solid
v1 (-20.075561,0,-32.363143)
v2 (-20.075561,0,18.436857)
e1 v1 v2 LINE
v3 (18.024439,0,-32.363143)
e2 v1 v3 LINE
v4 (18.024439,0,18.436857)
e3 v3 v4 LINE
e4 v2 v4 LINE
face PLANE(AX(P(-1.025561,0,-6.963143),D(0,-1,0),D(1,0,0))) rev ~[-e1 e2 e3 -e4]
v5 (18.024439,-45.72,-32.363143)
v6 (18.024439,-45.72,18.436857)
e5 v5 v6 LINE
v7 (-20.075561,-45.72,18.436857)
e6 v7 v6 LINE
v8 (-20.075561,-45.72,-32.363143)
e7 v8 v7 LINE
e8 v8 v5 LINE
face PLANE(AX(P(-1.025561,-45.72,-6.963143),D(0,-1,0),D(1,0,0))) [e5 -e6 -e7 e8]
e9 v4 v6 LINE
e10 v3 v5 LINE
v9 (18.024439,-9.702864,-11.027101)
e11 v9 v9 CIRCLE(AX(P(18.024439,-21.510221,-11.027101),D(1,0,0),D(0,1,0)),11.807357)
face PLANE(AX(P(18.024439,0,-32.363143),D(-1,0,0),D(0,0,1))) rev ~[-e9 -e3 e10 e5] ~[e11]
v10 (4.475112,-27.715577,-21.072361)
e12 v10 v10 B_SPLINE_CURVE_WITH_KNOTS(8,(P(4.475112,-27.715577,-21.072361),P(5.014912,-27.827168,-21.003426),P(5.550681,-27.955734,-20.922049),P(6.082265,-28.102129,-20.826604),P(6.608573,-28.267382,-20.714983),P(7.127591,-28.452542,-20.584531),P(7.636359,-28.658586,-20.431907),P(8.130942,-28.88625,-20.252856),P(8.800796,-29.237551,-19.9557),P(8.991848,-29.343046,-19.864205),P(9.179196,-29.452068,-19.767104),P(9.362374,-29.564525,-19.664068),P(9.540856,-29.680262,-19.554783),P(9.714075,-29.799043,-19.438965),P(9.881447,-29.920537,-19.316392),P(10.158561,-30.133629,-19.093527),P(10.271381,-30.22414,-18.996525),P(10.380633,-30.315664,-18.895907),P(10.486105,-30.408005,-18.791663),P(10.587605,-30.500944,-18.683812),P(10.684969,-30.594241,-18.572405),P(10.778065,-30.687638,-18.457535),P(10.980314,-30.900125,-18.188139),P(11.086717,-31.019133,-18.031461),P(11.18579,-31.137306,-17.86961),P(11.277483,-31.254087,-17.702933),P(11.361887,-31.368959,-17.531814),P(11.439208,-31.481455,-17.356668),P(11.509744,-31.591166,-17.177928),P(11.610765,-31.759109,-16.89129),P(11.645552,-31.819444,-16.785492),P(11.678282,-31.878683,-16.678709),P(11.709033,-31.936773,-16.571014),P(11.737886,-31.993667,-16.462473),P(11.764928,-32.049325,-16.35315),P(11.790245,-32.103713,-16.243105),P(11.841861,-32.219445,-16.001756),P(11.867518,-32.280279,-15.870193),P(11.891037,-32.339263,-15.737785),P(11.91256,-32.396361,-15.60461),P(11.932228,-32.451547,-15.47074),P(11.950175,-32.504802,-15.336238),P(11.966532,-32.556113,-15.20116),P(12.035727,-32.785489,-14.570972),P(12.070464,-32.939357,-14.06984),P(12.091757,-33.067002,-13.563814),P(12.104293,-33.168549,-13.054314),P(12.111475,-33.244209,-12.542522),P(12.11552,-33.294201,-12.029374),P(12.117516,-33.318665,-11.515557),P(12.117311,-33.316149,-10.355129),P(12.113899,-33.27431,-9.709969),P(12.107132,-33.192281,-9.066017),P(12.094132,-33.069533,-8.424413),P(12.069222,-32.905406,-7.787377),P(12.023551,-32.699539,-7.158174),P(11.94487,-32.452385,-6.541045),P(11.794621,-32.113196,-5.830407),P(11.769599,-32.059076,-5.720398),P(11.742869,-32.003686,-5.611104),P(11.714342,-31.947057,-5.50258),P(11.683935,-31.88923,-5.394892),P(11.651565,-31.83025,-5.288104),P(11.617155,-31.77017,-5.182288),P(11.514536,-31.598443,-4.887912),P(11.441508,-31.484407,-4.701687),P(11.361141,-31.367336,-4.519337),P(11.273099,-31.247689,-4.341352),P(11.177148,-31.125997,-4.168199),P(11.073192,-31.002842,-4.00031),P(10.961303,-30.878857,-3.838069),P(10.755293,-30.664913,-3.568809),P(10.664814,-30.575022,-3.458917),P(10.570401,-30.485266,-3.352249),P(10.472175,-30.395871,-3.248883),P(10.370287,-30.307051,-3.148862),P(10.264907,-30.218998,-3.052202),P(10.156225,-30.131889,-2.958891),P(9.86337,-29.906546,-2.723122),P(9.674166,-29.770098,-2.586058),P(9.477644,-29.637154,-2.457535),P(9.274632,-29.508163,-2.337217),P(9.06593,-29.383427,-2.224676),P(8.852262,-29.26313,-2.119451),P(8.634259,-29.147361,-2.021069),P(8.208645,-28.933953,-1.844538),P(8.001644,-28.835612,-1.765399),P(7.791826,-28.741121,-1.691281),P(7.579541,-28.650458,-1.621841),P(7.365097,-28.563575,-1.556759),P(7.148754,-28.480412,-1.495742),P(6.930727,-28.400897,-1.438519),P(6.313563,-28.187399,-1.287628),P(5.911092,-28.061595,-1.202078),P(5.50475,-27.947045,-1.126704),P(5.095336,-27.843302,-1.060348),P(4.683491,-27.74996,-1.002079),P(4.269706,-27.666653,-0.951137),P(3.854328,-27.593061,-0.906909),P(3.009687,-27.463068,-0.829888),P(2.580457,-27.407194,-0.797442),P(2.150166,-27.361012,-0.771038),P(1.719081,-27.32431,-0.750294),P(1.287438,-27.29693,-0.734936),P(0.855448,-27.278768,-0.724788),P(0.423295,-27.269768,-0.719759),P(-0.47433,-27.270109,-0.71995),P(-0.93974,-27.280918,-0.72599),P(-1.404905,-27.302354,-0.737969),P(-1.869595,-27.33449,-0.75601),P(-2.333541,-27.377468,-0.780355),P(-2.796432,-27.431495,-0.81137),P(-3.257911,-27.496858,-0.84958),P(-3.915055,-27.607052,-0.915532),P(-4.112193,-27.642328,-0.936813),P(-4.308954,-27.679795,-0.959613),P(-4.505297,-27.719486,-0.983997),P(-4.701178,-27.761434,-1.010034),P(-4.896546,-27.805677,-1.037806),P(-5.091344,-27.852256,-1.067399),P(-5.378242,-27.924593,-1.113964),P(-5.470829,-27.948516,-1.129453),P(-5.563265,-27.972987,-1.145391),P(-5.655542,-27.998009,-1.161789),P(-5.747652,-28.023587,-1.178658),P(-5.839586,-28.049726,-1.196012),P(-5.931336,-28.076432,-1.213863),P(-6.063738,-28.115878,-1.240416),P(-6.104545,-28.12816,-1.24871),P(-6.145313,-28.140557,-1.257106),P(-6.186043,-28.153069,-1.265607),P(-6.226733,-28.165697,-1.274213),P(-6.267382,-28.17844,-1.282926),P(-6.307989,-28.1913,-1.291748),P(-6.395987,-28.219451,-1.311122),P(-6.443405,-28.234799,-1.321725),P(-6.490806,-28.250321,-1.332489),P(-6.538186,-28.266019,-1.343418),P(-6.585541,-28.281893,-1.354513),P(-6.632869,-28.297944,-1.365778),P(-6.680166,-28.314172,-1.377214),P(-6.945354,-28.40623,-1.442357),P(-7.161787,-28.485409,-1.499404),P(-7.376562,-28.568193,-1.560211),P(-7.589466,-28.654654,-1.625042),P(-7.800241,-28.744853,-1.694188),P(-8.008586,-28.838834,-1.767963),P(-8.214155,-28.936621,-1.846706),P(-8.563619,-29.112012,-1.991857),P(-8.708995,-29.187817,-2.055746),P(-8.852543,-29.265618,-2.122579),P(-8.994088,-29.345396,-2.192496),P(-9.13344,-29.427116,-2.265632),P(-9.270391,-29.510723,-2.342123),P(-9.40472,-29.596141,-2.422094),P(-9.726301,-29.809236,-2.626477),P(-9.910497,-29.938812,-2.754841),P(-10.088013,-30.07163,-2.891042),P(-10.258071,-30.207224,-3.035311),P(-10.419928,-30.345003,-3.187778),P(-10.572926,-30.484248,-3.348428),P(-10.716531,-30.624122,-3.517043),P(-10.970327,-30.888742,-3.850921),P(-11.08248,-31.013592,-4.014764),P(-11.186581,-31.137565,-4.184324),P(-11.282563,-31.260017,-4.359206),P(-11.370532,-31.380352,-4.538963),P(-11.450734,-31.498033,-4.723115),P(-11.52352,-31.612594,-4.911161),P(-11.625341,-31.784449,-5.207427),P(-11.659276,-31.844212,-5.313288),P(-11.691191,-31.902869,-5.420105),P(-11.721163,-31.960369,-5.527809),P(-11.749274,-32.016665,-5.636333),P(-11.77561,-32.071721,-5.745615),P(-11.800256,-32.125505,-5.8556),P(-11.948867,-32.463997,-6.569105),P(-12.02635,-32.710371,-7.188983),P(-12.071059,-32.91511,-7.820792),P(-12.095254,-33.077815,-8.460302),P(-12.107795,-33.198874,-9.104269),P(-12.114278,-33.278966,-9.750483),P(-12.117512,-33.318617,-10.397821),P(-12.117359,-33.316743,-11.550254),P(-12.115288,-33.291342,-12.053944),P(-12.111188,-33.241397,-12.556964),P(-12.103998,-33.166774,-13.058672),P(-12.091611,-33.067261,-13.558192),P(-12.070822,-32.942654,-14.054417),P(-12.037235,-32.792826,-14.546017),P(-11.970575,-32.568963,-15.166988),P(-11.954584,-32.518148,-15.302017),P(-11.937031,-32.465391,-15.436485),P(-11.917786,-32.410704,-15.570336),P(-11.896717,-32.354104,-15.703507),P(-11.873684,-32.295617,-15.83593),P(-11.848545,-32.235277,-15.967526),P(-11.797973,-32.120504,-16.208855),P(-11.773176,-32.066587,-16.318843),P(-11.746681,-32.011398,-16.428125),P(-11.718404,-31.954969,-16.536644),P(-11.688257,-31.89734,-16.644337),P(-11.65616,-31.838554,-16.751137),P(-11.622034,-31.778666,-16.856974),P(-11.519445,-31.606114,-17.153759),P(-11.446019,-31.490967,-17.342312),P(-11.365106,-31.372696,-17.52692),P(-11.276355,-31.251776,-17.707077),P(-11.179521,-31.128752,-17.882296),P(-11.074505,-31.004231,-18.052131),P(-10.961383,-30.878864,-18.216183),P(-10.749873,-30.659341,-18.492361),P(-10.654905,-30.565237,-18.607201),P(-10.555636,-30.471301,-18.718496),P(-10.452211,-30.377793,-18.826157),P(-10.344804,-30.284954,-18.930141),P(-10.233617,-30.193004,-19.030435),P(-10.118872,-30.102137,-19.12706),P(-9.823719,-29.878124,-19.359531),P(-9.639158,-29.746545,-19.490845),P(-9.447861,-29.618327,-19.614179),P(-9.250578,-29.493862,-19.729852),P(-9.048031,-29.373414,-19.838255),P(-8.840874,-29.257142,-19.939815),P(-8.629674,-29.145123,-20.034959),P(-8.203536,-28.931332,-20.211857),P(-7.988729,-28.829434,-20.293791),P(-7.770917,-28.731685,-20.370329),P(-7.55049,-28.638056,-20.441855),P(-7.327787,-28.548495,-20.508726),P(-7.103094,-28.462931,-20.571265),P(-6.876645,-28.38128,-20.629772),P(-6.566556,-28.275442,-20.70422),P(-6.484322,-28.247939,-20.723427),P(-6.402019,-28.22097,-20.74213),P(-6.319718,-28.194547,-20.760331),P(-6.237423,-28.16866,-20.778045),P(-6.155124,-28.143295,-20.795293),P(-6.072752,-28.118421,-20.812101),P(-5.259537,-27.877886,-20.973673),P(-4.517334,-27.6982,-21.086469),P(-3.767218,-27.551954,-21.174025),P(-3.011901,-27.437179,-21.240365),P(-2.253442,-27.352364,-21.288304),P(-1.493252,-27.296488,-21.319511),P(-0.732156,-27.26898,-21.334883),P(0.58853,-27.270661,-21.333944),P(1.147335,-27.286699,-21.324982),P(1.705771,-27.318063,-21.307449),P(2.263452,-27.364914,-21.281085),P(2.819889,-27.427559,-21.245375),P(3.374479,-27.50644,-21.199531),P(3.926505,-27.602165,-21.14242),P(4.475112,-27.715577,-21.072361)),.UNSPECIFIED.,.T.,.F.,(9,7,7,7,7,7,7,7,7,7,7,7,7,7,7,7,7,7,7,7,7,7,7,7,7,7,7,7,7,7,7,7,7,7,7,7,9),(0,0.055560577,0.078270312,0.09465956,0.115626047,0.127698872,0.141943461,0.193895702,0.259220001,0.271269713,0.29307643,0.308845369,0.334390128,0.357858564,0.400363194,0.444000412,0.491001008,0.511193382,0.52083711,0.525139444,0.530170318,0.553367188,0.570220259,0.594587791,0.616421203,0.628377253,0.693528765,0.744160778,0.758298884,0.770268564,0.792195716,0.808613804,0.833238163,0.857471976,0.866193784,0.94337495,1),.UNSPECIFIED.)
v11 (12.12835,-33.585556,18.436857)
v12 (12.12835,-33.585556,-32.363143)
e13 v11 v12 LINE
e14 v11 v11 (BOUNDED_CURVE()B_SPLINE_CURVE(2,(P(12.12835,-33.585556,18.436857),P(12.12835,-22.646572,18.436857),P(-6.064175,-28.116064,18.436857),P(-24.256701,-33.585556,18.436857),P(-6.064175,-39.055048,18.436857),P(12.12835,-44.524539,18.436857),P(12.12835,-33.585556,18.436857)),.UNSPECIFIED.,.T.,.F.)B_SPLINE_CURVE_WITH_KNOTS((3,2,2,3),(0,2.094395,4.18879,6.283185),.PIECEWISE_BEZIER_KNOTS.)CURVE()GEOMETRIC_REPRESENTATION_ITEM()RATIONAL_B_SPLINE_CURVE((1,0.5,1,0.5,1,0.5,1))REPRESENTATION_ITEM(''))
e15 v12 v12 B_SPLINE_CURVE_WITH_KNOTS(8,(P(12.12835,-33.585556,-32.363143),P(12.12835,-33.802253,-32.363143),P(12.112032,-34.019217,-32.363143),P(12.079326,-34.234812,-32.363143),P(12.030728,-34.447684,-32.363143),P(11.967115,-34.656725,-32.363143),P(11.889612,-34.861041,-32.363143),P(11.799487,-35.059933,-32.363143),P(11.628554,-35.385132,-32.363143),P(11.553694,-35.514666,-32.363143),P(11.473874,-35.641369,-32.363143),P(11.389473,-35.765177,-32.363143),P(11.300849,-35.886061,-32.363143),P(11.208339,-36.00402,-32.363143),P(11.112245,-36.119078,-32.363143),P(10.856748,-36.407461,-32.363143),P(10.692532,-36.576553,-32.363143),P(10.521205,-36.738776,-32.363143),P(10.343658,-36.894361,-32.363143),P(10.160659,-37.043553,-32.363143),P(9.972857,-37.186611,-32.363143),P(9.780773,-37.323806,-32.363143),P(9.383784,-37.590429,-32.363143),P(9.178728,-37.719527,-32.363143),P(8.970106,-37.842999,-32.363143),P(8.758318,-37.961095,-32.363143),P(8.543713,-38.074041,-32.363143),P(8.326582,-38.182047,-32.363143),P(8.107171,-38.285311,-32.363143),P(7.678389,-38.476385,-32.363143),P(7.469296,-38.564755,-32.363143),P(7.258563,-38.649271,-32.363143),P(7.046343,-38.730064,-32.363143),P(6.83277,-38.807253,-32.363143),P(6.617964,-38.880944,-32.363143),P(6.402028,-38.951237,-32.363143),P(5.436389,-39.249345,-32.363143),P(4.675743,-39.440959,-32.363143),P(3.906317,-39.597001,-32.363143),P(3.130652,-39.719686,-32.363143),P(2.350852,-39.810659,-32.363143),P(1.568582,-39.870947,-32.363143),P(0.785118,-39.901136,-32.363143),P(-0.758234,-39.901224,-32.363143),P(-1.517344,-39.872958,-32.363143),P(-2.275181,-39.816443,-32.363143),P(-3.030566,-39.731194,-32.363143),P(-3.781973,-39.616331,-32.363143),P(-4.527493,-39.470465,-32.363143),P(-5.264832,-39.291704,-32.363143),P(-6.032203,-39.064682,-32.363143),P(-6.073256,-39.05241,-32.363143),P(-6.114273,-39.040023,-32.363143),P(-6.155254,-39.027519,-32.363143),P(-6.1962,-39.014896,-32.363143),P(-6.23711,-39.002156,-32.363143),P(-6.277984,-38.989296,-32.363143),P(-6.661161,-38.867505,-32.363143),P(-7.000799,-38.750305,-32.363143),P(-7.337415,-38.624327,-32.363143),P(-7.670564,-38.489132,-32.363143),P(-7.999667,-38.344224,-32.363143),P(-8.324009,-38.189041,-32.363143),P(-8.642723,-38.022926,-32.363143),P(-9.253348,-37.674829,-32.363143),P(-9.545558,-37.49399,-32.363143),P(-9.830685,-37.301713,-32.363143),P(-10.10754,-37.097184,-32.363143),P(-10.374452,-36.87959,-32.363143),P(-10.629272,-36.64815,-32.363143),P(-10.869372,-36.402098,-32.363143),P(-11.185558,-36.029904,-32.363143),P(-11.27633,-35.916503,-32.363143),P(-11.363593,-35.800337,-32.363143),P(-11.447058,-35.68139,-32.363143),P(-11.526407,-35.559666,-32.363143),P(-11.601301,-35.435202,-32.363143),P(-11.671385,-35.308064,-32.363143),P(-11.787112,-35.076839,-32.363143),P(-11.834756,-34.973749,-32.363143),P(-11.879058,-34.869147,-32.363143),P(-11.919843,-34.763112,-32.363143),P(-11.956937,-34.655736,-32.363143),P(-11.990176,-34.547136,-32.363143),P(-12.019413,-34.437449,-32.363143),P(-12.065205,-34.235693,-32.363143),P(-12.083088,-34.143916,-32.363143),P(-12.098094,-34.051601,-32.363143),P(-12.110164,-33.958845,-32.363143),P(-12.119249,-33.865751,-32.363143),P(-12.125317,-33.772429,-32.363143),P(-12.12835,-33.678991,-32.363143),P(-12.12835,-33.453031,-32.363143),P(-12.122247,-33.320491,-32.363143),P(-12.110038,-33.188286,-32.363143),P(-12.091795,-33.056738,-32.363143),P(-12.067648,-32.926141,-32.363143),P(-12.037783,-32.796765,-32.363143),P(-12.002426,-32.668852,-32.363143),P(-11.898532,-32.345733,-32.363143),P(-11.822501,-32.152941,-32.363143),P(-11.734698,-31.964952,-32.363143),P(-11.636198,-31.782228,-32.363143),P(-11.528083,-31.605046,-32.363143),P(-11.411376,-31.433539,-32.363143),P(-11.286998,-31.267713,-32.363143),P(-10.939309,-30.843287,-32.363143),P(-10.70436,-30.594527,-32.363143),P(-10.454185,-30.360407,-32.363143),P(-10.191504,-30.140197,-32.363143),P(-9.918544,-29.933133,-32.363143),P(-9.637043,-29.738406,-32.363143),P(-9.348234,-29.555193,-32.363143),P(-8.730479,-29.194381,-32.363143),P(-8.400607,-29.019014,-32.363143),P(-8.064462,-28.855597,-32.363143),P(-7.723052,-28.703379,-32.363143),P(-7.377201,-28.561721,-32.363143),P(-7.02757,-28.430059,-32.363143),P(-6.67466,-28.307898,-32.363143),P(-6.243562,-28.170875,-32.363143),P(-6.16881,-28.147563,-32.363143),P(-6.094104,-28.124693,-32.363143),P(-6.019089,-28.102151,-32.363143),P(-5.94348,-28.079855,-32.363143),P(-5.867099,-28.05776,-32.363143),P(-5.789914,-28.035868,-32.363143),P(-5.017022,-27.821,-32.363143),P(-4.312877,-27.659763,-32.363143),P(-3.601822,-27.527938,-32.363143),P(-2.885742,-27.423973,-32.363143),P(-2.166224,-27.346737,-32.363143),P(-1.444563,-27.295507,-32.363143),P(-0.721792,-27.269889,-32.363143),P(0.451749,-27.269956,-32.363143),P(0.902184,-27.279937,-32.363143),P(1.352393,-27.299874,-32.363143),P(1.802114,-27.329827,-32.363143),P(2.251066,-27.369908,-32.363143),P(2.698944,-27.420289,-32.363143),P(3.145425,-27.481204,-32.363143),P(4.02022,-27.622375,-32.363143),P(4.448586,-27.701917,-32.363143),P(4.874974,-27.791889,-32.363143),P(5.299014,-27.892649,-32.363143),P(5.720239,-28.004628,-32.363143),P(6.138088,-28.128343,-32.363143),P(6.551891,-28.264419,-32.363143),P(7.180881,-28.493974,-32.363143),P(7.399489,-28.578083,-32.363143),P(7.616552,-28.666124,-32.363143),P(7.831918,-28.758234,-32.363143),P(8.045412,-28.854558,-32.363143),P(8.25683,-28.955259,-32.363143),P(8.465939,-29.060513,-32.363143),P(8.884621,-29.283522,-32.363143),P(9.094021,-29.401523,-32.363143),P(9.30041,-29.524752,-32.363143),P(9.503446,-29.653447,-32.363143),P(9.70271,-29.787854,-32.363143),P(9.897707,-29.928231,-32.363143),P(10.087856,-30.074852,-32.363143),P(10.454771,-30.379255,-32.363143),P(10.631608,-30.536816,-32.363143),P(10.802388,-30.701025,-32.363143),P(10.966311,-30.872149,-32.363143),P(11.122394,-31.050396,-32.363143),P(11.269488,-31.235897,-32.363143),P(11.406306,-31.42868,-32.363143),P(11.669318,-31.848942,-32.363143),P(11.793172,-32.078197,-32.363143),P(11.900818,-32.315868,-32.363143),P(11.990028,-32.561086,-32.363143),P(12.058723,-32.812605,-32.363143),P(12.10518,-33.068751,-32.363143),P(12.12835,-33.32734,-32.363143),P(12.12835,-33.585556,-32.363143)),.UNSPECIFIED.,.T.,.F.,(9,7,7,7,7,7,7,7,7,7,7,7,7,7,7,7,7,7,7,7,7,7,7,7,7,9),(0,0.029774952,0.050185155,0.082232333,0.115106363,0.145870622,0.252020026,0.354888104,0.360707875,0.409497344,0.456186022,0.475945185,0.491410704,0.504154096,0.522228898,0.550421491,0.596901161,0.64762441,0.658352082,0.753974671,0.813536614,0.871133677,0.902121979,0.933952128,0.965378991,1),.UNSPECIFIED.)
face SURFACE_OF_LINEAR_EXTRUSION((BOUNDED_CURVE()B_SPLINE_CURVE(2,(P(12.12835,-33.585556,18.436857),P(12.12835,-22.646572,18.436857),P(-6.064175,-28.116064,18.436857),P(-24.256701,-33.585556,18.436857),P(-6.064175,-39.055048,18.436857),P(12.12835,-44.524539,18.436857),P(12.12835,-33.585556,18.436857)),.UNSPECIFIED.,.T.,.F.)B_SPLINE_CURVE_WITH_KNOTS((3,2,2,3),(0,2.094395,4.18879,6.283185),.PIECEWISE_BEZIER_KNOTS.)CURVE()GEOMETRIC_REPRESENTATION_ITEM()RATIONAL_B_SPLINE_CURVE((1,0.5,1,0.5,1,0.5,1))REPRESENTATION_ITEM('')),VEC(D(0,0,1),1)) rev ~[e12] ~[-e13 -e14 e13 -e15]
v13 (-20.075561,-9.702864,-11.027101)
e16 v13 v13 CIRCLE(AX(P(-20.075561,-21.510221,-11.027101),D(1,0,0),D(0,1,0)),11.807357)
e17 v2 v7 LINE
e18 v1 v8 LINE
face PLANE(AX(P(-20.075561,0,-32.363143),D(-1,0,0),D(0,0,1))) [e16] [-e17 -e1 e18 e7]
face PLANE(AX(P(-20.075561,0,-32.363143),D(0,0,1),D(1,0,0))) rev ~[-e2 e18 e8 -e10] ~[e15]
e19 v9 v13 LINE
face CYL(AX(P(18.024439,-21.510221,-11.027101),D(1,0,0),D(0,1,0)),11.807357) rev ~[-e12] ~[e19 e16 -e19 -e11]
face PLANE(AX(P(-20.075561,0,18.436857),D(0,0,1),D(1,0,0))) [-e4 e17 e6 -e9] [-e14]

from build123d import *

# Parameters (mm, degrees)
F0_W     = 38.1
F0_H     = 50.8
F1_DEPTH = 45.72
F4_DEPTH = 71.12
F5_R     = 11.807357
F6_DEPTH = 90.17


with BuildPart() as f1:
    # F0 (on Front) → F1 (new body)
    with BuildSketch(Plane.XZ):
        with Locations((-1.025561, -6.963143)):
            Rectangle(F0_W, F0_H)
    extrude(amount=F1_DEPTH)

    # F3 (on face) → F4 (cut)
    with BuildSketch(Plane.XY.offset(18.436857)):
        with BuildLine():
            add(Edge.make_bspline(
                [(12.12835, -33.585556), (12.12835, -22.646572), (-6.064175, -28.116064), (-24.256701, -33.585556), (-6.064175, -39.055048), (12.12835, -44.524539), (12.12835, -33.585556)],
                knots=[0, 0, 0, 2.094395, 2.094395, 4.18879, 4.18879, 6.283185, 6.283185, 6.283185], degree=2, weights=[1, 0.5, 1, 0.5, 1, 0.5, 1]))
        make_face()
    extrude(amount=-F4_DEPTH, mode=Mode.SUBTRACT)

    # F5 (on face) → F6 (cut)
    with BuildSketch(Plane.YZ.offset(18.024439)):
        with Locations((-21.510221, -11.027101)):
            Circle(F5_R)
    extrude(amount=-F6_DEPTH, mode=Mode.SUBTRACT)


solid = f1.part
